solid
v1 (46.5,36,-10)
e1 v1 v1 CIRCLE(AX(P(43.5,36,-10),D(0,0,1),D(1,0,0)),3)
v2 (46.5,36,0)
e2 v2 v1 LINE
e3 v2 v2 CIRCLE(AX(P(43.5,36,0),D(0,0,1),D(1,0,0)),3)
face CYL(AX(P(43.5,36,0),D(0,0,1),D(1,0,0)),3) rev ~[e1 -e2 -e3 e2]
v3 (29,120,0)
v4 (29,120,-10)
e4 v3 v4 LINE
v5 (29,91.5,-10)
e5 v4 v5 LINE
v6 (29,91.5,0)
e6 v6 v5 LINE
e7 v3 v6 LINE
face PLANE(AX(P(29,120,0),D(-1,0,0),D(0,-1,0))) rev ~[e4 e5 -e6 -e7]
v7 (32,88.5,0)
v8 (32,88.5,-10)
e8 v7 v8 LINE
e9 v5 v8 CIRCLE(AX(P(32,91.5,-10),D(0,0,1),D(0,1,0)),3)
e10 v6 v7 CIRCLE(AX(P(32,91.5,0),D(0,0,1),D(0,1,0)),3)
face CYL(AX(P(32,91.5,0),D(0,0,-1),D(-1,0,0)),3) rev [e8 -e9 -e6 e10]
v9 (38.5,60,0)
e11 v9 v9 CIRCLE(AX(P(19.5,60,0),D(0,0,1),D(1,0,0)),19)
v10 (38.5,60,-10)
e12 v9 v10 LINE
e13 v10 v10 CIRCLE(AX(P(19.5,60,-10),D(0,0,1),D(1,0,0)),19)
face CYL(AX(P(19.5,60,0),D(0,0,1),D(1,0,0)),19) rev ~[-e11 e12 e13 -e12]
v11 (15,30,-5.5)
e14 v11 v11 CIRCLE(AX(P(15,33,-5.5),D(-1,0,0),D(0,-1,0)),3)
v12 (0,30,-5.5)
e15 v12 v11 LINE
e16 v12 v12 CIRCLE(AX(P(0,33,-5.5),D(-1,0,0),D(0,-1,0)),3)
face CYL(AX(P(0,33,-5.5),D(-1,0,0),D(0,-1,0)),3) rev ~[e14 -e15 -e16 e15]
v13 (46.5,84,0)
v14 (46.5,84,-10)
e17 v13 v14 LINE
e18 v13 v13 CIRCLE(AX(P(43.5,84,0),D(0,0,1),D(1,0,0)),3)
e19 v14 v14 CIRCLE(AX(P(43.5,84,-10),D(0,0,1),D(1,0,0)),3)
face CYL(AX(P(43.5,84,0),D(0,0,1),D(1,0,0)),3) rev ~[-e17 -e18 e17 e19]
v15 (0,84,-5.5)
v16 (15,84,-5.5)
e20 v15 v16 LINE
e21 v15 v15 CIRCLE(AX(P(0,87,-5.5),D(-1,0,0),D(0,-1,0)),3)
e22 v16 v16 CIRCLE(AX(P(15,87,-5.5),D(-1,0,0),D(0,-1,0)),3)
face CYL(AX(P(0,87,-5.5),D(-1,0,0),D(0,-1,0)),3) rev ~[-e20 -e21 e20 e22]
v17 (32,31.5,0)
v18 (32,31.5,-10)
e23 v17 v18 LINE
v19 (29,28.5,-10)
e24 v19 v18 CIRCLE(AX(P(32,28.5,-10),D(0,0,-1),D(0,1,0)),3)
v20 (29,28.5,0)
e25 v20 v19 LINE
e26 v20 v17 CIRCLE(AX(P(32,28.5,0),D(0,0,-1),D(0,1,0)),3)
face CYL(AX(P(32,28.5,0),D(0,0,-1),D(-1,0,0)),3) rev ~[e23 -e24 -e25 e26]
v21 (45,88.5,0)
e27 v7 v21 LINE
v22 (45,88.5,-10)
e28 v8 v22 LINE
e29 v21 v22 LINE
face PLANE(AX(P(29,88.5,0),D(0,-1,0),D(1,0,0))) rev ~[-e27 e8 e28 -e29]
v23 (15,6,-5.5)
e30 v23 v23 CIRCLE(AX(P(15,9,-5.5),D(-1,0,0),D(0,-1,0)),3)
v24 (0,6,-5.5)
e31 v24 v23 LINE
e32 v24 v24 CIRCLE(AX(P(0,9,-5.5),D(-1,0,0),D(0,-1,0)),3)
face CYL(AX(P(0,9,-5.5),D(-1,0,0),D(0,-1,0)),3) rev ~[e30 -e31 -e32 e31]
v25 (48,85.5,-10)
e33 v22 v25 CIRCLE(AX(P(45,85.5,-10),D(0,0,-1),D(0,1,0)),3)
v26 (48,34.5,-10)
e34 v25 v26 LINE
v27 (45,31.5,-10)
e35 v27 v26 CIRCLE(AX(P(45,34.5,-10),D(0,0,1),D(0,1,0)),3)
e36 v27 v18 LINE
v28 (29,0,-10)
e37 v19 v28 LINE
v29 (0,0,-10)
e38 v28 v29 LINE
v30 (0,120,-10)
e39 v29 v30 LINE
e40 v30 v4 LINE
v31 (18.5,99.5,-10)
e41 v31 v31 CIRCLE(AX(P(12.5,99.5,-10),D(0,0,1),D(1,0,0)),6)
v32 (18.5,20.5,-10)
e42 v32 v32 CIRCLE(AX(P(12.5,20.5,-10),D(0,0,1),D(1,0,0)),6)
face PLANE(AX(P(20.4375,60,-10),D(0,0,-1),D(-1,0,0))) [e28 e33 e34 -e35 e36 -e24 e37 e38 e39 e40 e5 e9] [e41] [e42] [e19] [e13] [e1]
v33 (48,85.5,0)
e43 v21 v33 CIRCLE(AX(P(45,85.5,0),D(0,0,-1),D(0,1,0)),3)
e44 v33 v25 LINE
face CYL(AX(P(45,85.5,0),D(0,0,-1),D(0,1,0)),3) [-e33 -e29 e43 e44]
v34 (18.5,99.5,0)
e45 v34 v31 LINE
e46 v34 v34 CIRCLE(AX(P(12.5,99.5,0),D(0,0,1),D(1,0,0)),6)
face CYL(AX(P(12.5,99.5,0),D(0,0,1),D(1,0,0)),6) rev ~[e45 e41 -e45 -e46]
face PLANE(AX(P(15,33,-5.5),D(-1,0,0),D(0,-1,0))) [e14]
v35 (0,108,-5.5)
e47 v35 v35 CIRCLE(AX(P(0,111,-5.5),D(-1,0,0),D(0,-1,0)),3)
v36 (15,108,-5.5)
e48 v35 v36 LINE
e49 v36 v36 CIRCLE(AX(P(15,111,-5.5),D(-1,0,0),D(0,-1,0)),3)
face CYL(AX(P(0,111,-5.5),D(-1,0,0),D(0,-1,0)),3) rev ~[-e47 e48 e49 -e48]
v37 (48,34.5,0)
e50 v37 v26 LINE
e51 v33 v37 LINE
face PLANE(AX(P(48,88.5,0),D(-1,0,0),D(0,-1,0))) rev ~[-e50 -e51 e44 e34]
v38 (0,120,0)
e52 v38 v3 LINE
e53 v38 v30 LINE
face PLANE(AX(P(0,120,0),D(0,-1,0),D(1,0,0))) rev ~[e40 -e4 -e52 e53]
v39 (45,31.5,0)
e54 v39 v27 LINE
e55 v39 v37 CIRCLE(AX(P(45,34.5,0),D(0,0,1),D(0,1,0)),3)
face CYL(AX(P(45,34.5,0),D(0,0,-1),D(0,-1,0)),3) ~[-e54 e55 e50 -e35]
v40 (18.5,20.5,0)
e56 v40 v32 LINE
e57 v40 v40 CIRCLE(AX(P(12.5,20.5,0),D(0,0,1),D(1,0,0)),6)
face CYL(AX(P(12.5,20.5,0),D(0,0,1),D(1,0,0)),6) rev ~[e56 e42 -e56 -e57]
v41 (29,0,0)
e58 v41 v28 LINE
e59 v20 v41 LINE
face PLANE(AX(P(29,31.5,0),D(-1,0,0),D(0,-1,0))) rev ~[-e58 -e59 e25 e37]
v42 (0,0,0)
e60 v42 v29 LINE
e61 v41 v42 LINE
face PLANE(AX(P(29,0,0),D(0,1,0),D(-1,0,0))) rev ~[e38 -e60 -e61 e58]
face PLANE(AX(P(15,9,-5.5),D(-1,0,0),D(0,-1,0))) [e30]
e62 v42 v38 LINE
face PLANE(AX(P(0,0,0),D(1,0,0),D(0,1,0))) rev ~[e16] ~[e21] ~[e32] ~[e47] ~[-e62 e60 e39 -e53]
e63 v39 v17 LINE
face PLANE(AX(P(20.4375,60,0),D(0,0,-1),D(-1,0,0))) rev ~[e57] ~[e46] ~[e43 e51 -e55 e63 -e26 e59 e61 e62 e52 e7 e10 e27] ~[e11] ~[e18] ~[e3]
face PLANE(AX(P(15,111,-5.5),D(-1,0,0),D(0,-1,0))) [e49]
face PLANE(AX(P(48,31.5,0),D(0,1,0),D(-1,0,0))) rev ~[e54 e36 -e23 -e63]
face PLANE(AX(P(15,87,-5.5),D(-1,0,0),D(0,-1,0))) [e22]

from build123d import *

# Parameters (mm, degrees)
PAD_DEPTH       = 10
SKETCH001_R     = 19
POCKET_DEPTH    = 10.001
SKETCH002_R     = 6
POCKET001_DEPTH = 10.001
FILLET_R        = 3
SKETCH003_R     = 3
POCKET002_DEPTH = 15
SKETCH004_R     = 3
POCKET003_DEPTH = 10.001


with BuildPart() as part:
    # Sketch → Pad (new body)
    with BuildSketch(Plane.XY):
        Polygon((0, 0), (0, 120), (29, 120), (29, 88.5), (48, 88.5), (48, 31.5), (29, 31.5), (29, 0), align=None)
    extrude(amount=-PAD_DEPTH)

    # Sketch001 → Pocket (cut, through all)
    with BuildSketch(Plane.XY):
        with Locations((19.5, 60)):
            Circle(SKETCH001_R)
    extrude(amount=-POCKET_DEPTH, mode=Mode.SUBTRACT)

    # Sketch002 → Pocket001 (cut, through all)
    with BuildSketch(Plane.XY):
        with Locations((12.5, 99.5)):
            Circle(SKETCH002_R)
        with Locations((12.5, 20.5)):
            Circle(SKETCH002_R)
    extrude(amount=-POCKET001_DEPTH, mode=Mode.SUBTRACT)

    # Fillet
    fillet_edges = [part.edges().sort_by_distance(p)[0] for p in [
        (29, 31.5, -5),
        (29, 88.5, -5),
        (48, 31.5, -5),
        (48, 88.5, -5),
    ]]
    fillet(fillet_edges, radius=FILLET_R)

    # Sketch003 → Pocket002 (cut)
    with BuildSketch(Plane(origin=(0, 0, 0), x_dir=(0, -1, 0), z_dir=(-1, 0, 0))):
        with Locations((-111, -5.5)):
            Circle(SKETCH003_R)
        with Locations((-87, -5.5)):
            Circle(SKETCH003_R)
        with Locations((-33, -5.5)):
            Circle(SKETCH003_R)
        with Locations((-9, -5.5)):
            Circle(SKETCH003_R)
    extrude(amount=-POCKET002_DEPTH, mode=Mode.SUBTRACT)

    # Sketch004 → Pocket003 (cut, through all)
    with BuildSketch(Plane.XY):
        with Locations((43.5, 84)):
            Circle(SKETCH004_R)
        with Locations((43.5, 36)):
            Circle(SKETCH004_R)
    extrude(amount=-POCKET003_DEPTH, mode=Mode.SUBTRACT)


solid = part.part
